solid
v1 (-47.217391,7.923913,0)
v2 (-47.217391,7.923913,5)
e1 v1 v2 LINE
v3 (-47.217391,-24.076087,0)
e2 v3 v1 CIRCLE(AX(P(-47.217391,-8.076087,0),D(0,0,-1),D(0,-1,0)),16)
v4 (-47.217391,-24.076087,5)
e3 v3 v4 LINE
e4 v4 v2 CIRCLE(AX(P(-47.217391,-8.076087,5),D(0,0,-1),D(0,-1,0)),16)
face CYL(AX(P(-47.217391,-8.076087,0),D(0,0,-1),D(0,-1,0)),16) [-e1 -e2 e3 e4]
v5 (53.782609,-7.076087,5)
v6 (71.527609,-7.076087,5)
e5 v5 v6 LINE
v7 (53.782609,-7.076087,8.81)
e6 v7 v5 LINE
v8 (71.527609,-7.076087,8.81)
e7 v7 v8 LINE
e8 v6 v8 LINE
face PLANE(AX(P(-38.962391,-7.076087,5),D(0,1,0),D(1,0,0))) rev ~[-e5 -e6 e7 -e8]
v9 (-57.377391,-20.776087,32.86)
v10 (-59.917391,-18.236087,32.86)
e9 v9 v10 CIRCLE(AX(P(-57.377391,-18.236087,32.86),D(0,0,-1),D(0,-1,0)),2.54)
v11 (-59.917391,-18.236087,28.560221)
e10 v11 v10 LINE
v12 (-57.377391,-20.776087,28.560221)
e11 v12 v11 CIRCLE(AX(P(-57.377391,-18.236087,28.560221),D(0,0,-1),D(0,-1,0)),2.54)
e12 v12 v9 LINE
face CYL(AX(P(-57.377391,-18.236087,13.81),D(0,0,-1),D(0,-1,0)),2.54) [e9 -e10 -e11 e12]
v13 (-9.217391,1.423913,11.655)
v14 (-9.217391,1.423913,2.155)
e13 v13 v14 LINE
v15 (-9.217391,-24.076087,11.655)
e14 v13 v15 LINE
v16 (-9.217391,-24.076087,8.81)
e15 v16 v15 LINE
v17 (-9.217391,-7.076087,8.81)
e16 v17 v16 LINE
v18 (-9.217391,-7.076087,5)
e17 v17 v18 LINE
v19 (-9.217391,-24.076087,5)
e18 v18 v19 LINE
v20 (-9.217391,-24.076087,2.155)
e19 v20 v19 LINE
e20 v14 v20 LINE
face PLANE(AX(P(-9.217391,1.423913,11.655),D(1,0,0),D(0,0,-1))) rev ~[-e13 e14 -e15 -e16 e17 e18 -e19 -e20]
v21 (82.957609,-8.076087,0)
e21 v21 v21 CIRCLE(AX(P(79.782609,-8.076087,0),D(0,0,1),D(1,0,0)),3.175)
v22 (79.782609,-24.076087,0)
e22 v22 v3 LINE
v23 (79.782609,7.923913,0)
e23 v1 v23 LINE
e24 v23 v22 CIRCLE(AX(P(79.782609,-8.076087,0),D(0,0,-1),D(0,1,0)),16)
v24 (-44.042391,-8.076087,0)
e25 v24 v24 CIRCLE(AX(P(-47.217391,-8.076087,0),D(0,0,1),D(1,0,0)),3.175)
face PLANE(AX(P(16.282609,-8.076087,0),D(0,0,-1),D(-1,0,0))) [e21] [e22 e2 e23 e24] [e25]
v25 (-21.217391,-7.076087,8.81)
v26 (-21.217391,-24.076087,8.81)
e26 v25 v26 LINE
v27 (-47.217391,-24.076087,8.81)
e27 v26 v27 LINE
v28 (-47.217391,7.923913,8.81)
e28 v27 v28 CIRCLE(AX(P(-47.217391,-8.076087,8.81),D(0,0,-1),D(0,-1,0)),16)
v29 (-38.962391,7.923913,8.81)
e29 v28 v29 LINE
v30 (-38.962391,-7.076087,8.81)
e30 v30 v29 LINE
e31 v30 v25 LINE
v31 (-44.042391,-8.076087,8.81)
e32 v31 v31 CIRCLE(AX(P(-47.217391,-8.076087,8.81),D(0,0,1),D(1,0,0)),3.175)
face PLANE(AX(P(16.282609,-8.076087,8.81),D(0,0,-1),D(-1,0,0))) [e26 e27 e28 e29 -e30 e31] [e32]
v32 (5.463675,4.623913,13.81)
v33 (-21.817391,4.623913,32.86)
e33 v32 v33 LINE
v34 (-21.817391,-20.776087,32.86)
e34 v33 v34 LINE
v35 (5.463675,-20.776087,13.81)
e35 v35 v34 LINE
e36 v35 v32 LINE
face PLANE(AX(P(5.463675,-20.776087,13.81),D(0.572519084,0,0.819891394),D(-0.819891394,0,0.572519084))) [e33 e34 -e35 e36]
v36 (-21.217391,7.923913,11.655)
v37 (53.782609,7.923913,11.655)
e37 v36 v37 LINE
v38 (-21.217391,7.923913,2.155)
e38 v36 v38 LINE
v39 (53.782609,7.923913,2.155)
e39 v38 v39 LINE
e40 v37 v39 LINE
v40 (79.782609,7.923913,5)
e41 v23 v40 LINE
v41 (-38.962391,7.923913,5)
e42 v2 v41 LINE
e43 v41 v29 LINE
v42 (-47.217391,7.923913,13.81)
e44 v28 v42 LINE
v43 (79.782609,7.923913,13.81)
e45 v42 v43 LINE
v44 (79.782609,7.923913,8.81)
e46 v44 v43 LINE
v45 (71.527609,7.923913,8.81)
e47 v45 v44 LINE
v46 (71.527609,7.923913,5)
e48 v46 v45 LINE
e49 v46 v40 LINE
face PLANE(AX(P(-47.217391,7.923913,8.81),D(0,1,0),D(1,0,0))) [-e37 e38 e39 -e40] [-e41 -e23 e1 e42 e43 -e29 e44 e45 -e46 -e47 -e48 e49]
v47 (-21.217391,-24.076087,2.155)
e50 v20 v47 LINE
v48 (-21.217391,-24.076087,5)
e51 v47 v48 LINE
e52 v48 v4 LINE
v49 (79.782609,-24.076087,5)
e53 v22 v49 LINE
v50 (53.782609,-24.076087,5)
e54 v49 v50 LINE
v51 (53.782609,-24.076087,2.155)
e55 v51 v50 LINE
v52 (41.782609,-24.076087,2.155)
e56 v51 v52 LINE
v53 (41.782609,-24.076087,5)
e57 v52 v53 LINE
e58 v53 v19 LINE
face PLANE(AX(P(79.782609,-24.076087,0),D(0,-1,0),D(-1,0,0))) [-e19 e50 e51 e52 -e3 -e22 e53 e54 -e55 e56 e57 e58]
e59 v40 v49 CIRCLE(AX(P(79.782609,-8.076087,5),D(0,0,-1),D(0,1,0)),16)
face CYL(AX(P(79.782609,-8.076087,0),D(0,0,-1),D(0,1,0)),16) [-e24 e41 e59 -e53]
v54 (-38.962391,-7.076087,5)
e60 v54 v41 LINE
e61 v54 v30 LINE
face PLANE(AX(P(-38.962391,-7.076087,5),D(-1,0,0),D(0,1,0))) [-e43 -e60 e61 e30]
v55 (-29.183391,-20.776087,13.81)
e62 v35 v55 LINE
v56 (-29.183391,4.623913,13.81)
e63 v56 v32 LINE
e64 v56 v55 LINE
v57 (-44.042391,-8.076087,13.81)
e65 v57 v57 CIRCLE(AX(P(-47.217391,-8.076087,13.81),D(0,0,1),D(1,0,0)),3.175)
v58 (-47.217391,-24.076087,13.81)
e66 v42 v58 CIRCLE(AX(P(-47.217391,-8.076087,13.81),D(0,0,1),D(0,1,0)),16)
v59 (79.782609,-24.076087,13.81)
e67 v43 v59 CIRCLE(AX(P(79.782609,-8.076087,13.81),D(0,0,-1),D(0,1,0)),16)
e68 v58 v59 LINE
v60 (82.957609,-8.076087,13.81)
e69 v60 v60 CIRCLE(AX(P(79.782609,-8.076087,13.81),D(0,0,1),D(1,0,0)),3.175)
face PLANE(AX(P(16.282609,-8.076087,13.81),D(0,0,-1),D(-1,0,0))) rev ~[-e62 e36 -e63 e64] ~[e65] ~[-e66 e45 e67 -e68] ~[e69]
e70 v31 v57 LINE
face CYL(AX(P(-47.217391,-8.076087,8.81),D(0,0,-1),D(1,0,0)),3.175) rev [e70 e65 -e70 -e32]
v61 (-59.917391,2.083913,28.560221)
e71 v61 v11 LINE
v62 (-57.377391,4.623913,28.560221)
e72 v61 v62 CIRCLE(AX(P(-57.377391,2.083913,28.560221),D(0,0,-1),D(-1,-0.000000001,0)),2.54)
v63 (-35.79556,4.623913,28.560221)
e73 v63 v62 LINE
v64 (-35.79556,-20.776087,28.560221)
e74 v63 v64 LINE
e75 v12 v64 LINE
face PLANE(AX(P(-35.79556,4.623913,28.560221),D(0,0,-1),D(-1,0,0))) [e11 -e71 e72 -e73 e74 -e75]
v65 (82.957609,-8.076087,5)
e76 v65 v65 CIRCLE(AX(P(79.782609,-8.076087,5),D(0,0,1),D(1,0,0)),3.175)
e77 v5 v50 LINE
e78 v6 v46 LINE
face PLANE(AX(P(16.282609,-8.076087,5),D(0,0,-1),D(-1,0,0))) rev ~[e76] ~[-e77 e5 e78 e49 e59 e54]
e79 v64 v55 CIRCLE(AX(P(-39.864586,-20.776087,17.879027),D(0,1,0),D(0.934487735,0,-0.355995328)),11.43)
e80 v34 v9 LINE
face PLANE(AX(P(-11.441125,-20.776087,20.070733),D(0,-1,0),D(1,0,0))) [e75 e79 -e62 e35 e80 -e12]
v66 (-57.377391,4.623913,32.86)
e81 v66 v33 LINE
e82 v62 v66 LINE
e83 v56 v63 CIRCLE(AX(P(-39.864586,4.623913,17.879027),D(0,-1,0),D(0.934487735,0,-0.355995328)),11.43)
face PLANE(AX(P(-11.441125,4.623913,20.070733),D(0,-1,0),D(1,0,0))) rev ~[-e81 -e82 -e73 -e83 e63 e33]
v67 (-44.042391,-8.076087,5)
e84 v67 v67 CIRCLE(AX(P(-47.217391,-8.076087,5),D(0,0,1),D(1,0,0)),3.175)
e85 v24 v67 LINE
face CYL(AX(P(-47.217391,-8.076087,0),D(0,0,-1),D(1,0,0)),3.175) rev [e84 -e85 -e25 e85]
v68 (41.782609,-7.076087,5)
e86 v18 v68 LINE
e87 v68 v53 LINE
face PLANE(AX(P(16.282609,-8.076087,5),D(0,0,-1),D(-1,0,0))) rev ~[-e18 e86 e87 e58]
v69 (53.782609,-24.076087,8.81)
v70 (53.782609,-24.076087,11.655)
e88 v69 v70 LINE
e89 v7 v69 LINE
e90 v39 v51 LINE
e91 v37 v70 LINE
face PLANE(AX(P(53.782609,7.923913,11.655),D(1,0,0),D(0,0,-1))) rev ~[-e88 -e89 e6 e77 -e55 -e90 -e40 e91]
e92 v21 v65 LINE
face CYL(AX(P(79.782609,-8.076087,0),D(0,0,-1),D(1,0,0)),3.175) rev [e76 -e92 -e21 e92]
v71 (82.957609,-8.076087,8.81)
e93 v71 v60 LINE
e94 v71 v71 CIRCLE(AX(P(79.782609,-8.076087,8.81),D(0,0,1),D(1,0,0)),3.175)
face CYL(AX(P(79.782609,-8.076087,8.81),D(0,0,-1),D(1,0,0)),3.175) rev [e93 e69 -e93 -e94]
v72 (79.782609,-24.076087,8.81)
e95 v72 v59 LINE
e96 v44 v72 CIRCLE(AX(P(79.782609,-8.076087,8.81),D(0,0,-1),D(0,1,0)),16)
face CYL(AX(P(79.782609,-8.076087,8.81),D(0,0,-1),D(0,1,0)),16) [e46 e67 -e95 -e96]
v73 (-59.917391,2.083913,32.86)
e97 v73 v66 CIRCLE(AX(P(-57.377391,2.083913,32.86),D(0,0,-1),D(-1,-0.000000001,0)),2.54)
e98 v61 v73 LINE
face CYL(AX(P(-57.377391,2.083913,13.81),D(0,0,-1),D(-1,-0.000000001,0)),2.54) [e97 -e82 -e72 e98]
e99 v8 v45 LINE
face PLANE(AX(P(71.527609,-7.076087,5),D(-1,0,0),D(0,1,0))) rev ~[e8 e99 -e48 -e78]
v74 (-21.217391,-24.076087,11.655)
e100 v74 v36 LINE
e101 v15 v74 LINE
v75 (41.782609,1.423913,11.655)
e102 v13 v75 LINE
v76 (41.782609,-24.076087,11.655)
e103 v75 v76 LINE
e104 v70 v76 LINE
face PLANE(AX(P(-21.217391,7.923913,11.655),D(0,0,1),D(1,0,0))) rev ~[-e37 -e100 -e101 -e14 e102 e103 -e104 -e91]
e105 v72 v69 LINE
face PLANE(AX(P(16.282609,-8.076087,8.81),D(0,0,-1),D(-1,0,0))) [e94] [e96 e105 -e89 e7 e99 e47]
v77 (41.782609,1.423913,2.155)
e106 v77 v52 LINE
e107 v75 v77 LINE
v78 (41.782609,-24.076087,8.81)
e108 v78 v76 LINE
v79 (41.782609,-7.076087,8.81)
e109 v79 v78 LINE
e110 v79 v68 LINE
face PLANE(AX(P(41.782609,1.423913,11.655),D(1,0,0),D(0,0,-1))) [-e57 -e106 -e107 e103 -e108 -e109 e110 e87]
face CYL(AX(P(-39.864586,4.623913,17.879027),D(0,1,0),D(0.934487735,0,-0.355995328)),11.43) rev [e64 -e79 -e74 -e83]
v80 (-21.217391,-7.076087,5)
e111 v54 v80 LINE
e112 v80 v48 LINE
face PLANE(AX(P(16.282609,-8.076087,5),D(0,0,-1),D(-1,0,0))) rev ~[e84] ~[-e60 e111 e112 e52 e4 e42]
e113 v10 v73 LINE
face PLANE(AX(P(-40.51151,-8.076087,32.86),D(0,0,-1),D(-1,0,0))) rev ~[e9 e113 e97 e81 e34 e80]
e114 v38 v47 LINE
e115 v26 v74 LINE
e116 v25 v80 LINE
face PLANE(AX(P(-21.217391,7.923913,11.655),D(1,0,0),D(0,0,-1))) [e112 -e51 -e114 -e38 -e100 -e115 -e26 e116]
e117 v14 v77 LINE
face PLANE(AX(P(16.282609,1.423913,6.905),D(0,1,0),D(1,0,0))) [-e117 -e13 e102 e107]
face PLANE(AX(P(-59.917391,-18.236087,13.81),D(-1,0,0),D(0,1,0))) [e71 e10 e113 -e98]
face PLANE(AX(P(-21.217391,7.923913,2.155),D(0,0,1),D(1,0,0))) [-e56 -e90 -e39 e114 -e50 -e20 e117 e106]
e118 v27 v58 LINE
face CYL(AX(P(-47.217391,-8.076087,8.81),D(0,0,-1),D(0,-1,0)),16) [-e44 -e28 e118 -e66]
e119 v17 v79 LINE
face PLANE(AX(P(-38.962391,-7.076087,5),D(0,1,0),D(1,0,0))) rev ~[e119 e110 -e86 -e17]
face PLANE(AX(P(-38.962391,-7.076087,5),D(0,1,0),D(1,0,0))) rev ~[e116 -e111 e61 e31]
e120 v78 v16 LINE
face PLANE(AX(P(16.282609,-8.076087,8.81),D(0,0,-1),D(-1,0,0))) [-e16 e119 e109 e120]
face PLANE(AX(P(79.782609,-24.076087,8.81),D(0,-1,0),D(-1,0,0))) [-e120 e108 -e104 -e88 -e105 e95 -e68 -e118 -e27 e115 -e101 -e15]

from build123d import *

# Parameters (mm, degrees)
SKETCH1_R           = 3.175
BOSS_EXTRUDE1_DEPTH = 5
SKETCH2_W           = 110.49
SKETCH2_H           = 15
BOSS_EXTRUDE2_DEPTH = 3.81
SKETCH5_R           = 3.175
BOSS_EXTRUDE3_DEPTH = 5
SKETCH6_W           = 75
SKETCH6_H           = 9.5
CUT_EXTRUDE1_DEPTH  = 6.5
SKETCH7_W           = 12
SKETCH7_H           = 9.5
CUT_EXTRUDE2_DEPTH  = 30.48
BOSS_EXTRUDE4_DEPTH = 19.05
CUT_EXTRUDE3_DEPTH  = 30.48
BOSS_EXTRUDE5_DEPTH = 25.4


with BuildPart() as part:
    # Sketch1 → Boss-Extrude1 (new body)
    with BuildSketch(Plane.XY):
        with BuildLine():
            Line((-47.217391304, 7.923913043), (79.782608696, 7.923913043))
            ThreePointArc((79.782608696, 7.923913043), (95.782608696, -8.076086957), (79.782608696, -24.076086957))
            Line((79.782608696, -24.076086957), (-47.217391304, -24.076086957))
            ThreePointArc((-47.217391304, -24.076086957), (-63.217391304, -8.076086957), (-47.217391304, 7.923913043))
        make_face()
        with Locations((-47.217391304, -8.076086957)):
            Circle(SKETCH1_R, mode=Mode.SUBTRACT)
        with Locations((79.782608696, -8.076086957)):
            Circle(SKETCH1_R, mode=Mode.SUBTRACT)
    extrude(amount=BOSS_EXTRUDE1_DEPTH)

    # Sketch2 → Boss-Extrude2 (add)
    with BuildSketch(Plane.XY.offset(5)):
        with Locations((16.282608696, 0.423913043)):
            Rectangle(SKETCH2_W, SKETCH2_H)
    extrude(amount=BOSS_EXTRUDE2_DEPTH)

    # Sketch5 → Boss-Extrude3 (add)
    with BuildSketch(Plane.XY.offset(8.81)):
        with BuildLine():
            Line((-47.217391304, 7.923913043), (79.782608696, 7.923913043))
            ThreePointArc((79.782608696, 7.923913043), (95.782608696, -8.076086957), (79.782608696, -24.076086957))
            Line((79.782608696, -24.076086957), (-47.217391304, -24.076086957))
            ThreePointArc((-47.217391304, -24.076086957), (-63.217391304, -8.076086957), (-47.217391304, 7.923913043))
        make_face()
        with Locations((-47.217391304, -8.076086957)):
            Circle(SKETCH5_R, mode=Mode.SUBTRACT)
        with Locations((79.782608696, -8.076086957)):
            Circle(SKETCH5_R, mode=Mode.SUBTRACT)
    extrude(amount=BOSS_EXTRUDE3_DEPTH)

    # Sketch6 → Cut-Extrude1 (cut)
    with BuildSketch(Plane(origin=(0, 7.923913043, 0), x_dir=(1, 0, 0), z_dir=(0, 1, 0))):
        with Locations((16.282608696, -6.905)):
            Rectangle(SKETCH6_W, SKETCH6_H)
    extrude(amount=-CUT_EXTRUDE1_DEPTH, mode=Mode.SUBTRACT)

    # Sketch7 → Cut-Extrude2 (cut)
    with BuildSketch(Plane(origin=(0, 1.423913043, 0), x_dir=(1, 0, 0), z_dir=(0, 1, 0))):
        with Locations((-15.217391304, -6.905)):
            Rectangle(SKETCH7_W, SKETCH7_H)
        with Locations((47.782608696, -6.905)):
            Rectangle(SKETCH7_W, SKETCH7_H)
    extrude(amount=-CUT_EXTRUDE2_DEPTH, mode=Mode.SUBTRACT)

    # Sketch10 → Boss-Extrude4 (add)
    with BuildSketch(Plane.XY.offset(13.81)):
        with BuildLine():
            Line((-34.517391304, -20.776086957), (-57.377391304, -20.776086957))
            ThreePointArc((-57.377391304, -20.776086957), (-59.173442529, -20.032138181), (-59.917391304, -18.236086957))
            Line((-59.917391304, -18.236086957), (-59.917391304, 2.083913043))
            ThreePointArc((-59.917391304, 2.083913043), (-59.173442529, 3.879964268), (-57.377391304, 4.623913043))
            Line((-57.377391304, 4.623913043), (-34.517391304, 4.623913043))
            Line((-34.517391304, 4.623913043), (-21.817391304, 4.623913043))
            Line((-21.817391304, 4.623913043), (-21.817391304, -20.776086957))
            Line((-21.817391304, -20.776086957), (-34.517391304, -20.776086957))
        make_face()
    extrude(amount=BOSS_EXTRUDE4_DEPTH)

    # Sketch14 → Cut-Extrude3 (cut)
    with BuildSketch(Plane(origin=(0, 4.623913043, 0), x_dir=(1, 0, 0), z_dir=(0, 1, 0))):
        with BuildLine():
            Line((-59.917391304, -13.81), (-29.183391304, -13.81))
            ThreePointArc((-29.183391304, -13.81), (-29.434604535, -22.554535578), (-35.79555952, -28.560221405))
            Line((-35.79555952, -28.560221405), (-59.917391304, -28.560221405))
            Line((-59.917391304, -28.560221405), (-59.917391304, -13.81))
        make_face()
    extrude(amount=-CUT_EXTRUDE3_DEPTH, mode=Mode.SUBTRACT)

    # Sketch15 → Boss-Extrude5 (add)
    with BuildSketch(Plane.XZ.offset(20.776086957)):
        Polygon((-21.817391304, 13.81), (5.46367495, 13.81), (-21.817391304, 32.86), align=None)
    extrude(amount=-BOSS_EXTRUDE5_DEPTH)


solid = part.part
